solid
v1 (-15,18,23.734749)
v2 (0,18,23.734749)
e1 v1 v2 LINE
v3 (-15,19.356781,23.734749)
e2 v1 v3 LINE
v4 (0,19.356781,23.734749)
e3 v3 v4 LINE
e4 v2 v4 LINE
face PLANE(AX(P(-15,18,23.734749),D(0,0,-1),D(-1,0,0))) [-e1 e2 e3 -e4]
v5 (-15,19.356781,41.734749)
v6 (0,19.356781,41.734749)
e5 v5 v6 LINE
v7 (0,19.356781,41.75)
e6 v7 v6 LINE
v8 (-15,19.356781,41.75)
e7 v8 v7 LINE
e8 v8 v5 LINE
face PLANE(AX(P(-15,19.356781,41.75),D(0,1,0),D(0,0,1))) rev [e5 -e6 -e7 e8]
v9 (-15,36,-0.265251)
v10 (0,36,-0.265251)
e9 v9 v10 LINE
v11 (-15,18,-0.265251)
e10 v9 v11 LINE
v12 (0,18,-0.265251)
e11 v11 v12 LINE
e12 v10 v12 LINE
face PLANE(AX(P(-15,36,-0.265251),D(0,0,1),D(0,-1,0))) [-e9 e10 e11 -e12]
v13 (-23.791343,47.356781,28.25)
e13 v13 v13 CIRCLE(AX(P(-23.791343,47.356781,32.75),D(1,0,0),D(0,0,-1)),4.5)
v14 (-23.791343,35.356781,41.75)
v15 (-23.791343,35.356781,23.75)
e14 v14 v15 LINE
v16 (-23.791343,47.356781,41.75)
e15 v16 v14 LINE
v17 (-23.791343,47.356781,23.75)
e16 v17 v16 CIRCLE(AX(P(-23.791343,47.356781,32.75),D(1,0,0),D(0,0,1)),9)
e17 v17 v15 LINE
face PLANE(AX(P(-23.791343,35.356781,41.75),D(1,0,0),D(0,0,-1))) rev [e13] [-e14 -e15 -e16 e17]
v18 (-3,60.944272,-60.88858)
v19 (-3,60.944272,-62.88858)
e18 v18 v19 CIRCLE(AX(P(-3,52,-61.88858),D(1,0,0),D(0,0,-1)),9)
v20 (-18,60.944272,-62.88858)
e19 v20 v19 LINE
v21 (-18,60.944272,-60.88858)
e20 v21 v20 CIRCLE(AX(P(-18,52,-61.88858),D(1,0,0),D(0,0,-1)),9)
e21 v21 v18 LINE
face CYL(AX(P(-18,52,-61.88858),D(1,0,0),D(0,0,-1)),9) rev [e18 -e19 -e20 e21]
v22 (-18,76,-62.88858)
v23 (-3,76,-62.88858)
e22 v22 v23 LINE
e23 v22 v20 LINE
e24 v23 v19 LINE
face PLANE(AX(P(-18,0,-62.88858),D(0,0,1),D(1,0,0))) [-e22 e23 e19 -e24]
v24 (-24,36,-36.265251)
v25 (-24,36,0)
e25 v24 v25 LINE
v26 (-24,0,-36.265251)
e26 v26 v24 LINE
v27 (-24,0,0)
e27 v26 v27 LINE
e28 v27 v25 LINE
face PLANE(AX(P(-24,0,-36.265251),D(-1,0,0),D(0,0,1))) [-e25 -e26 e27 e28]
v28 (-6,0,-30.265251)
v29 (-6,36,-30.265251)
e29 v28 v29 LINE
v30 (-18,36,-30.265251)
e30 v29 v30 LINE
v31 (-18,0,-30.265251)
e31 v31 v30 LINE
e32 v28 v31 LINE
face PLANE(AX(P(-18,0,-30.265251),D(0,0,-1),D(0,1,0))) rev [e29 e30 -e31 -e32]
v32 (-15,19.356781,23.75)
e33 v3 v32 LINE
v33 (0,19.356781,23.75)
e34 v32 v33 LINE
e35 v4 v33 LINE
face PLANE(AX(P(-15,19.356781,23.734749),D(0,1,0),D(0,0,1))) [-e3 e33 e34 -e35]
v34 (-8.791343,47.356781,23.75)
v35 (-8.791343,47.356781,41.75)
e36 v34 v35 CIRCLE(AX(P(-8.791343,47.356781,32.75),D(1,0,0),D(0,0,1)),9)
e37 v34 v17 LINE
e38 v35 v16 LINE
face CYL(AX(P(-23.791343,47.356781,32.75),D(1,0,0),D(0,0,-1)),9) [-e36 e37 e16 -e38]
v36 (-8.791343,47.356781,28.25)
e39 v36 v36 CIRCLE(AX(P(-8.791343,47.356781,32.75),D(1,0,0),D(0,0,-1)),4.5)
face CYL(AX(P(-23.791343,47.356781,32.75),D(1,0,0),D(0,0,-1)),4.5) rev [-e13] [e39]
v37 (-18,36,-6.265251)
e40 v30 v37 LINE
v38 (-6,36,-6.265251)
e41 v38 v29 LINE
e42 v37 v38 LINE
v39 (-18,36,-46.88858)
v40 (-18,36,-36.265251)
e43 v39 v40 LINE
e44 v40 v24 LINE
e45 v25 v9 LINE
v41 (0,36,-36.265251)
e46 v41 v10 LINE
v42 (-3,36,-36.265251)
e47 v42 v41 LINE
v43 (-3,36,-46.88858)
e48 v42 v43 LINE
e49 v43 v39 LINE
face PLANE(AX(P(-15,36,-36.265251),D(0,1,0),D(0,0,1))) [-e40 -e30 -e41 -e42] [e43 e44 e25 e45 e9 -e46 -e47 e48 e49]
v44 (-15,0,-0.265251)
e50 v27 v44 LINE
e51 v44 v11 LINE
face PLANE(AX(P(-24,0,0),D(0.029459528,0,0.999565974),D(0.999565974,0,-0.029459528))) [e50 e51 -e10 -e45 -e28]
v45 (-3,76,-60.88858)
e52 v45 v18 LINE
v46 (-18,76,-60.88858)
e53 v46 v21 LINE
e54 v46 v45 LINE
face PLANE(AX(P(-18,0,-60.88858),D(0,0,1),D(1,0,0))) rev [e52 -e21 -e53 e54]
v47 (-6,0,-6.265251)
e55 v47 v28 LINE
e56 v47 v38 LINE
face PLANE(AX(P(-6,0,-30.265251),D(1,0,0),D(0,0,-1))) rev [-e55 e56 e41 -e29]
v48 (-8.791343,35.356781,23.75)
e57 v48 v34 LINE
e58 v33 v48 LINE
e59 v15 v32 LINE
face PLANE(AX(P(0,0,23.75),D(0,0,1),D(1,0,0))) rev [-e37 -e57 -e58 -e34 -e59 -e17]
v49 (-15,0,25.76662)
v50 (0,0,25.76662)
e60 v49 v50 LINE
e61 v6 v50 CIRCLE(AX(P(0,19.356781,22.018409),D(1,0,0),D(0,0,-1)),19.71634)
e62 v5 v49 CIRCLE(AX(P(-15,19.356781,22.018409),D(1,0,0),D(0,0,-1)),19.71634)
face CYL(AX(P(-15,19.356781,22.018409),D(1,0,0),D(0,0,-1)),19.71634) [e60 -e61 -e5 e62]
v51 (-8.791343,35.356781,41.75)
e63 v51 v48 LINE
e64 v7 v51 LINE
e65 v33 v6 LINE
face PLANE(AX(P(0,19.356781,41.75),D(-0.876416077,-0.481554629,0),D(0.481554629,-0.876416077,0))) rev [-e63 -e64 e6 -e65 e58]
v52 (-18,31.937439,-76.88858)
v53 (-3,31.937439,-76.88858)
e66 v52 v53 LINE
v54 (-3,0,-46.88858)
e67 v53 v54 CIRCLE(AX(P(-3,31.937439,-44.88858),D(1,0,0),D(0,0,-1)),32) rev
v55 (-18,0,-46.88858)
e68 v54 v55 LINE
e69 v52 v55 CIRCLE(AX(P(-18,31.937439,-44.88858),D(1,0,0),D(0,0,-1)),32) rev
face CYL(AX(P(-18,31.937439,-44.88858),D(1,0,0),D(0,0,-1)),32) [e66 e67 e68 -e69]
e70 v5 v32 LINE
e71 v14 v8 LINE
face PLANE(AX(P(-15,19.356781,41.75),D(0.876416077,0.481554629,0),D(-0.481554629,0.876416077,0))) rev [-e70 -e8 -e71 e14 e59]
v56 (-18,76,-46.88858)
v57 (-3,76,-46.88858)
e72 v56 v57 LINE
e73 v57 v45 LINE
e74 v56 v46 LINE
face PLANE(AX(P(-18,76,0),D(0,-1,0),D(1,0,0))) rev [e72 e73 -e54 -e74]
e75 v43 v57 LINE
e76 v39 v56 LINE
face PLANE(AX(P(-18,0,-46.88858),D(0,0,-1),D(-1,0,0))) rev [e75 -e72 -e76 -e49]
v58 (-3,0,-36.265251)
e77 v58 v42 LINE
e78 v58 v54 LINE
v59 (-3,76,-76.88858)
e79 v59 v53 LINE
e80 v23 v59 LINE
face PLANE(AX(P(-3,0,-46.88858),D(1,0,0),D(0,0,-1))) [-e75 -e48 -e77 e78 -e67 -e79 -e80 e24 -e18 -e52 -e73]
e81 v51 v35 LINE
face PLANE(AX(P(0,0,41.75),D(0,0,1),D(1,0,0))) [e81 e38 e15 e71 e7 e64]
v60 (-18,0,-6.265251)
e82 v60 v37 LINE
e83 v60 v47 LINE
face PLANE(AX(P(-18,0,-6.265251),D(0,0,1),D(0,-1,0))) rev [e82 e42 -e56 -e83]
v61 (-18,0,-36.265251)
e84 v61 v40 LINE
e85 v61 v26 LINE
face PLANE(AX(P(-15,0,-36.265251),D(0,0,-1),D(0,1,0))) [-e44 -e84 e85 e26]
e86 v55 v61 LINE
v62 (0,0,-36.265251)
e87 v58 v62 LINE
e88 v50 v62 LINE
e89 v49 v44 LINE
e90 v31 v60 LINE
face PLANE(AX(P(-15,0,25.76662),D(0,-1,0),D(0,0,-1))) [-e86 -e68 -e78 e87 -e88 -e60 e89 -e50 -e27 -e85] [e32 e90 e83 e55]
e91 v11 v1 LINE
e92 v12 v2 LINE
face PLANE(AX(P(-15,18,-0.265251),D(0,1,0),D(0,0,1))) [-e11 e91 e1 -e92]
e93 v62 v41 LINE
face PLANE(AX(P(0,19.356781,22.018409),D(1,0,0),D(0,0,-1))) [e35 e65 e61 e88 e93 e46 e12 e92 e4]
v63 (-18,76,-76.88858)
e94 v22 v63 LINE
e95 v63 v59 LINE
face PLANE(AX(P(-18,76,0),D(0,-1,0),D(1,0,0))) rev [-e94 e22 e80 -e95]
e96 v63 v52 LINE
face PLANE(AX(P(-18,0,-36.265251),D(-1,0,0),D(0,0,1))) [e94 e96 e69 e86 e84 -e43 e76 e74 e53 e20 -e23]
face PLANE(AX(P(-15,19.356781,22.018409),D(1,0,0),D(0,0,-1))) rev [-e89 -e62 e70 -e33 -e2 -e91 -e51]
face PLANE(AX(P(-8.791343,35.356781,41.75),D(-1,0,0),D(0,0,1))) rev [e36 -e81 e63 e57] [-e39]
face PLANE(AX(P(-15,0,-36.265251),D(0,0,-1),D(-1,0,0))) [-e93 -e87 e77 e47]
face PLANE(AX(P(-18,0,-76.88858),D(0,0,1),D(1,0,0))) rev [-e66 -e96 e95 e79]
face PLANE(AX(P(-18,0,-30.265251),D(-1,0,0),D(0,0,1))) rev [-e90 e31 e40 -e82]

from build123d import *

# Parameters (mm, degrees)
BOSS_EXTRUDE1_DEPTH = 15
BOSS_EXTRUDE2_DEPTH = 18
BOSS_EXTRUDE3_DEPTH = 15
SKETCH4_R           = 4.5
CUT_EXTRUDE1_DEPTH  = 15
BOSS_EXTRUDE4_DEPTH = 36
SKETCH6_W           = 12
SKETCH6_H           = 24
CUT_EXTRUDE2_DEPTH  = 61.125389812
SKETCH7_W           = 15
SKETCH7_H           = 10.623328836
BOSS_EXTRUDE5_DEPTH = 36
BOSS_EXTRUDE6_DEPTH = 15


with BuildPart() as part:
    # Sketch1 → Boss-Extrude1 (new body)
    with BuildSketch(Plane(origin=(0, 0, 0), x_dir=(0, 0, -1), z_dir=(1, 0, 0))):
        with BuildLine():
            Line((-25.766620498, 0), (36.265250882, 0))
            Line((36.265250882, 0), (36.265250882, 36))
            Line((36.265250882, 36), (0.265250882, 36))
            Line((0.265250882, 36), (0.265250882, 18))
            Line((0.265250882, 18), (-23.734749118, 18))
            Line((-23.734749118, 18), (-23.734749118, 19.356781067))
            Line((-23.734749118, 19.356781067), (-41.734749118, 19.356781067))
            ThreePointArc((-41.734749118, 19.356781067), (-37.227535866, 6.810206785), (-25.766620498, 0))
        make_face()
    extrude(amount=-BOSS_EXTRUDE1_DEPTH)

    # Sketch2 → Boss-Extrude2 (add)
    with BuildSketch(Plane.XY.offset(23.75)):
        Polygon((-15, 19.356781067), (-23.791342675, 35.356781067), (-23.791342675, 47.356781067), (-8.791342675, 47.356781067), (-8.791342675, 35.356781067), (0, 19.356781067), align=None)
    extrude(amount=BOSS_EXTRUDE2_DEPTH)

    # Sketch3 → Boss-Extrude3 (add)
    with BuildSketch(Plane(origin=(-8.791342675, 0, 0), x_dir=(0, 0, -1), z_dir=(1, 0, 0))):
        with BuildLine():
            Line((-41.75, 47.356781067), (-23.75, 47.356781067))
            ThreePointArc((-23.75, 47.356781067), (-32.75, 56.356781067), (-41.75, 47.356781067))
        make_face()
    extrude(amount=-BOSS_EXTRUDE3_DEPTH)

    # Sketch4 → Cut-Extrude1 (cut)
    with BuildSketch(Plane(origin=(-8.791342675, 0, 0), x_dir=(0, 0, -1), z_dir=(1, 0, 0))):
        with Locations((-32.75, 47.356781067)):
            Circle(SKETCH4_R)
    extrude(amount=-CUT_EXTRUDE1_DEPTH, mode=Mode.SUBTRACT)


with BuildPart() as body_2:
    # Sketch5 → Boss-Extrude4 (new body)
    with BuildSketch(Plane(origin=(0, 36, 0), x_dir=(1, 0, 0), z_dir=(0, 1, 0))):
        Polygon((-15, 36.265250882), (-24, 36.265250882), (-24, 0), (-15, 0.265250882), align=None)
    extrude(amount=-BOSS_EXTRUDE4_DEPTH)


with BuildPart() as cut_extrude2_tool:
    # Sketch6 → Cut-Extrude2 (new, through all)
    with BuildSketch(Plane(origin=(0, 36, 0), x_dir=(1, 0, 0), z_dir=(0, 1, 0))):
        with Locations((-12, 18.265250882)):
            Rectangle(SKETCH6_W, SKETCH6_H)
    extrude(amount=-CUT_EXTRUDE2_DEPTH)


with BuildPart() as part_1:
    add(part.part)

    # Cut-Extrude2: cut by cut_extrude2_tool
    add(cut_extrude2_tool.part, mode=Mode.SUBTRACT)



with BuildPart() as body_2_1:
    add(body_2.part)

    # Cut-Extrude2: cut by cut_extrude2_tool
    add(cut_extrude2_tool.part, mode=Mode.SUBTRACT)


with BuildPart() as part_2:
    add(part_1.part)

    add(body_2_1.part)  # Boss-Extrude5 merges body 2
    # Sketch7 → Boss-Extrude5 (add)
    with BuildSketch(Plane(origin=(0, 36, 0), x_dir=(1, 0, 0), z_dir=(0, 1, 0))):
        with Locations((-10.5, 41.5769153)):
            Rectangle(SKETCH7_W, SKETCH7_H)
    extrude(amount=-BOSS_EXTRUDE5_DEPTH)

    # Sketch9 → Boss-Extrude6 (add)
    with BuildSketch(Plane(origin=(-3, 0, 0), x_dir=(0, 0, -1), z_dir=(1, 0, 0))):
        with BuildLine():
            Line((46.888579718, 76), (46.888579718, 36))
            Line((46.888579718, 36), (46.888579718, 0))
            ThreePointArc((46.888579718, 0), (68.212387297, 10.028536545), (76.888579718, 31.937438845))
            Line((76.888579718, 31.937438845), (76.888579718, 76))
            Line((76.888579718, 76), (62.888579718, 76))
            Line((62.888579718, 76), (62.888579718, 60.94427191))
            ThreePointArc((62.888579718, 60.94427191), (68.59678365, 58), (70.888579718, 52))
            ThreePointArc((70.888579718, 52), (55.888579718, 45.291796068), (60.888579718, 60.94427191))
            Line((60.888579718, 60.94427191), (60.888579718, 76))
            Line((60.888579718, 76), (46.888579718, 76))
        make_face()
    extrude(amount=-BOSS_EXTRUDE6_DEPTH)


solid = part_2.part
